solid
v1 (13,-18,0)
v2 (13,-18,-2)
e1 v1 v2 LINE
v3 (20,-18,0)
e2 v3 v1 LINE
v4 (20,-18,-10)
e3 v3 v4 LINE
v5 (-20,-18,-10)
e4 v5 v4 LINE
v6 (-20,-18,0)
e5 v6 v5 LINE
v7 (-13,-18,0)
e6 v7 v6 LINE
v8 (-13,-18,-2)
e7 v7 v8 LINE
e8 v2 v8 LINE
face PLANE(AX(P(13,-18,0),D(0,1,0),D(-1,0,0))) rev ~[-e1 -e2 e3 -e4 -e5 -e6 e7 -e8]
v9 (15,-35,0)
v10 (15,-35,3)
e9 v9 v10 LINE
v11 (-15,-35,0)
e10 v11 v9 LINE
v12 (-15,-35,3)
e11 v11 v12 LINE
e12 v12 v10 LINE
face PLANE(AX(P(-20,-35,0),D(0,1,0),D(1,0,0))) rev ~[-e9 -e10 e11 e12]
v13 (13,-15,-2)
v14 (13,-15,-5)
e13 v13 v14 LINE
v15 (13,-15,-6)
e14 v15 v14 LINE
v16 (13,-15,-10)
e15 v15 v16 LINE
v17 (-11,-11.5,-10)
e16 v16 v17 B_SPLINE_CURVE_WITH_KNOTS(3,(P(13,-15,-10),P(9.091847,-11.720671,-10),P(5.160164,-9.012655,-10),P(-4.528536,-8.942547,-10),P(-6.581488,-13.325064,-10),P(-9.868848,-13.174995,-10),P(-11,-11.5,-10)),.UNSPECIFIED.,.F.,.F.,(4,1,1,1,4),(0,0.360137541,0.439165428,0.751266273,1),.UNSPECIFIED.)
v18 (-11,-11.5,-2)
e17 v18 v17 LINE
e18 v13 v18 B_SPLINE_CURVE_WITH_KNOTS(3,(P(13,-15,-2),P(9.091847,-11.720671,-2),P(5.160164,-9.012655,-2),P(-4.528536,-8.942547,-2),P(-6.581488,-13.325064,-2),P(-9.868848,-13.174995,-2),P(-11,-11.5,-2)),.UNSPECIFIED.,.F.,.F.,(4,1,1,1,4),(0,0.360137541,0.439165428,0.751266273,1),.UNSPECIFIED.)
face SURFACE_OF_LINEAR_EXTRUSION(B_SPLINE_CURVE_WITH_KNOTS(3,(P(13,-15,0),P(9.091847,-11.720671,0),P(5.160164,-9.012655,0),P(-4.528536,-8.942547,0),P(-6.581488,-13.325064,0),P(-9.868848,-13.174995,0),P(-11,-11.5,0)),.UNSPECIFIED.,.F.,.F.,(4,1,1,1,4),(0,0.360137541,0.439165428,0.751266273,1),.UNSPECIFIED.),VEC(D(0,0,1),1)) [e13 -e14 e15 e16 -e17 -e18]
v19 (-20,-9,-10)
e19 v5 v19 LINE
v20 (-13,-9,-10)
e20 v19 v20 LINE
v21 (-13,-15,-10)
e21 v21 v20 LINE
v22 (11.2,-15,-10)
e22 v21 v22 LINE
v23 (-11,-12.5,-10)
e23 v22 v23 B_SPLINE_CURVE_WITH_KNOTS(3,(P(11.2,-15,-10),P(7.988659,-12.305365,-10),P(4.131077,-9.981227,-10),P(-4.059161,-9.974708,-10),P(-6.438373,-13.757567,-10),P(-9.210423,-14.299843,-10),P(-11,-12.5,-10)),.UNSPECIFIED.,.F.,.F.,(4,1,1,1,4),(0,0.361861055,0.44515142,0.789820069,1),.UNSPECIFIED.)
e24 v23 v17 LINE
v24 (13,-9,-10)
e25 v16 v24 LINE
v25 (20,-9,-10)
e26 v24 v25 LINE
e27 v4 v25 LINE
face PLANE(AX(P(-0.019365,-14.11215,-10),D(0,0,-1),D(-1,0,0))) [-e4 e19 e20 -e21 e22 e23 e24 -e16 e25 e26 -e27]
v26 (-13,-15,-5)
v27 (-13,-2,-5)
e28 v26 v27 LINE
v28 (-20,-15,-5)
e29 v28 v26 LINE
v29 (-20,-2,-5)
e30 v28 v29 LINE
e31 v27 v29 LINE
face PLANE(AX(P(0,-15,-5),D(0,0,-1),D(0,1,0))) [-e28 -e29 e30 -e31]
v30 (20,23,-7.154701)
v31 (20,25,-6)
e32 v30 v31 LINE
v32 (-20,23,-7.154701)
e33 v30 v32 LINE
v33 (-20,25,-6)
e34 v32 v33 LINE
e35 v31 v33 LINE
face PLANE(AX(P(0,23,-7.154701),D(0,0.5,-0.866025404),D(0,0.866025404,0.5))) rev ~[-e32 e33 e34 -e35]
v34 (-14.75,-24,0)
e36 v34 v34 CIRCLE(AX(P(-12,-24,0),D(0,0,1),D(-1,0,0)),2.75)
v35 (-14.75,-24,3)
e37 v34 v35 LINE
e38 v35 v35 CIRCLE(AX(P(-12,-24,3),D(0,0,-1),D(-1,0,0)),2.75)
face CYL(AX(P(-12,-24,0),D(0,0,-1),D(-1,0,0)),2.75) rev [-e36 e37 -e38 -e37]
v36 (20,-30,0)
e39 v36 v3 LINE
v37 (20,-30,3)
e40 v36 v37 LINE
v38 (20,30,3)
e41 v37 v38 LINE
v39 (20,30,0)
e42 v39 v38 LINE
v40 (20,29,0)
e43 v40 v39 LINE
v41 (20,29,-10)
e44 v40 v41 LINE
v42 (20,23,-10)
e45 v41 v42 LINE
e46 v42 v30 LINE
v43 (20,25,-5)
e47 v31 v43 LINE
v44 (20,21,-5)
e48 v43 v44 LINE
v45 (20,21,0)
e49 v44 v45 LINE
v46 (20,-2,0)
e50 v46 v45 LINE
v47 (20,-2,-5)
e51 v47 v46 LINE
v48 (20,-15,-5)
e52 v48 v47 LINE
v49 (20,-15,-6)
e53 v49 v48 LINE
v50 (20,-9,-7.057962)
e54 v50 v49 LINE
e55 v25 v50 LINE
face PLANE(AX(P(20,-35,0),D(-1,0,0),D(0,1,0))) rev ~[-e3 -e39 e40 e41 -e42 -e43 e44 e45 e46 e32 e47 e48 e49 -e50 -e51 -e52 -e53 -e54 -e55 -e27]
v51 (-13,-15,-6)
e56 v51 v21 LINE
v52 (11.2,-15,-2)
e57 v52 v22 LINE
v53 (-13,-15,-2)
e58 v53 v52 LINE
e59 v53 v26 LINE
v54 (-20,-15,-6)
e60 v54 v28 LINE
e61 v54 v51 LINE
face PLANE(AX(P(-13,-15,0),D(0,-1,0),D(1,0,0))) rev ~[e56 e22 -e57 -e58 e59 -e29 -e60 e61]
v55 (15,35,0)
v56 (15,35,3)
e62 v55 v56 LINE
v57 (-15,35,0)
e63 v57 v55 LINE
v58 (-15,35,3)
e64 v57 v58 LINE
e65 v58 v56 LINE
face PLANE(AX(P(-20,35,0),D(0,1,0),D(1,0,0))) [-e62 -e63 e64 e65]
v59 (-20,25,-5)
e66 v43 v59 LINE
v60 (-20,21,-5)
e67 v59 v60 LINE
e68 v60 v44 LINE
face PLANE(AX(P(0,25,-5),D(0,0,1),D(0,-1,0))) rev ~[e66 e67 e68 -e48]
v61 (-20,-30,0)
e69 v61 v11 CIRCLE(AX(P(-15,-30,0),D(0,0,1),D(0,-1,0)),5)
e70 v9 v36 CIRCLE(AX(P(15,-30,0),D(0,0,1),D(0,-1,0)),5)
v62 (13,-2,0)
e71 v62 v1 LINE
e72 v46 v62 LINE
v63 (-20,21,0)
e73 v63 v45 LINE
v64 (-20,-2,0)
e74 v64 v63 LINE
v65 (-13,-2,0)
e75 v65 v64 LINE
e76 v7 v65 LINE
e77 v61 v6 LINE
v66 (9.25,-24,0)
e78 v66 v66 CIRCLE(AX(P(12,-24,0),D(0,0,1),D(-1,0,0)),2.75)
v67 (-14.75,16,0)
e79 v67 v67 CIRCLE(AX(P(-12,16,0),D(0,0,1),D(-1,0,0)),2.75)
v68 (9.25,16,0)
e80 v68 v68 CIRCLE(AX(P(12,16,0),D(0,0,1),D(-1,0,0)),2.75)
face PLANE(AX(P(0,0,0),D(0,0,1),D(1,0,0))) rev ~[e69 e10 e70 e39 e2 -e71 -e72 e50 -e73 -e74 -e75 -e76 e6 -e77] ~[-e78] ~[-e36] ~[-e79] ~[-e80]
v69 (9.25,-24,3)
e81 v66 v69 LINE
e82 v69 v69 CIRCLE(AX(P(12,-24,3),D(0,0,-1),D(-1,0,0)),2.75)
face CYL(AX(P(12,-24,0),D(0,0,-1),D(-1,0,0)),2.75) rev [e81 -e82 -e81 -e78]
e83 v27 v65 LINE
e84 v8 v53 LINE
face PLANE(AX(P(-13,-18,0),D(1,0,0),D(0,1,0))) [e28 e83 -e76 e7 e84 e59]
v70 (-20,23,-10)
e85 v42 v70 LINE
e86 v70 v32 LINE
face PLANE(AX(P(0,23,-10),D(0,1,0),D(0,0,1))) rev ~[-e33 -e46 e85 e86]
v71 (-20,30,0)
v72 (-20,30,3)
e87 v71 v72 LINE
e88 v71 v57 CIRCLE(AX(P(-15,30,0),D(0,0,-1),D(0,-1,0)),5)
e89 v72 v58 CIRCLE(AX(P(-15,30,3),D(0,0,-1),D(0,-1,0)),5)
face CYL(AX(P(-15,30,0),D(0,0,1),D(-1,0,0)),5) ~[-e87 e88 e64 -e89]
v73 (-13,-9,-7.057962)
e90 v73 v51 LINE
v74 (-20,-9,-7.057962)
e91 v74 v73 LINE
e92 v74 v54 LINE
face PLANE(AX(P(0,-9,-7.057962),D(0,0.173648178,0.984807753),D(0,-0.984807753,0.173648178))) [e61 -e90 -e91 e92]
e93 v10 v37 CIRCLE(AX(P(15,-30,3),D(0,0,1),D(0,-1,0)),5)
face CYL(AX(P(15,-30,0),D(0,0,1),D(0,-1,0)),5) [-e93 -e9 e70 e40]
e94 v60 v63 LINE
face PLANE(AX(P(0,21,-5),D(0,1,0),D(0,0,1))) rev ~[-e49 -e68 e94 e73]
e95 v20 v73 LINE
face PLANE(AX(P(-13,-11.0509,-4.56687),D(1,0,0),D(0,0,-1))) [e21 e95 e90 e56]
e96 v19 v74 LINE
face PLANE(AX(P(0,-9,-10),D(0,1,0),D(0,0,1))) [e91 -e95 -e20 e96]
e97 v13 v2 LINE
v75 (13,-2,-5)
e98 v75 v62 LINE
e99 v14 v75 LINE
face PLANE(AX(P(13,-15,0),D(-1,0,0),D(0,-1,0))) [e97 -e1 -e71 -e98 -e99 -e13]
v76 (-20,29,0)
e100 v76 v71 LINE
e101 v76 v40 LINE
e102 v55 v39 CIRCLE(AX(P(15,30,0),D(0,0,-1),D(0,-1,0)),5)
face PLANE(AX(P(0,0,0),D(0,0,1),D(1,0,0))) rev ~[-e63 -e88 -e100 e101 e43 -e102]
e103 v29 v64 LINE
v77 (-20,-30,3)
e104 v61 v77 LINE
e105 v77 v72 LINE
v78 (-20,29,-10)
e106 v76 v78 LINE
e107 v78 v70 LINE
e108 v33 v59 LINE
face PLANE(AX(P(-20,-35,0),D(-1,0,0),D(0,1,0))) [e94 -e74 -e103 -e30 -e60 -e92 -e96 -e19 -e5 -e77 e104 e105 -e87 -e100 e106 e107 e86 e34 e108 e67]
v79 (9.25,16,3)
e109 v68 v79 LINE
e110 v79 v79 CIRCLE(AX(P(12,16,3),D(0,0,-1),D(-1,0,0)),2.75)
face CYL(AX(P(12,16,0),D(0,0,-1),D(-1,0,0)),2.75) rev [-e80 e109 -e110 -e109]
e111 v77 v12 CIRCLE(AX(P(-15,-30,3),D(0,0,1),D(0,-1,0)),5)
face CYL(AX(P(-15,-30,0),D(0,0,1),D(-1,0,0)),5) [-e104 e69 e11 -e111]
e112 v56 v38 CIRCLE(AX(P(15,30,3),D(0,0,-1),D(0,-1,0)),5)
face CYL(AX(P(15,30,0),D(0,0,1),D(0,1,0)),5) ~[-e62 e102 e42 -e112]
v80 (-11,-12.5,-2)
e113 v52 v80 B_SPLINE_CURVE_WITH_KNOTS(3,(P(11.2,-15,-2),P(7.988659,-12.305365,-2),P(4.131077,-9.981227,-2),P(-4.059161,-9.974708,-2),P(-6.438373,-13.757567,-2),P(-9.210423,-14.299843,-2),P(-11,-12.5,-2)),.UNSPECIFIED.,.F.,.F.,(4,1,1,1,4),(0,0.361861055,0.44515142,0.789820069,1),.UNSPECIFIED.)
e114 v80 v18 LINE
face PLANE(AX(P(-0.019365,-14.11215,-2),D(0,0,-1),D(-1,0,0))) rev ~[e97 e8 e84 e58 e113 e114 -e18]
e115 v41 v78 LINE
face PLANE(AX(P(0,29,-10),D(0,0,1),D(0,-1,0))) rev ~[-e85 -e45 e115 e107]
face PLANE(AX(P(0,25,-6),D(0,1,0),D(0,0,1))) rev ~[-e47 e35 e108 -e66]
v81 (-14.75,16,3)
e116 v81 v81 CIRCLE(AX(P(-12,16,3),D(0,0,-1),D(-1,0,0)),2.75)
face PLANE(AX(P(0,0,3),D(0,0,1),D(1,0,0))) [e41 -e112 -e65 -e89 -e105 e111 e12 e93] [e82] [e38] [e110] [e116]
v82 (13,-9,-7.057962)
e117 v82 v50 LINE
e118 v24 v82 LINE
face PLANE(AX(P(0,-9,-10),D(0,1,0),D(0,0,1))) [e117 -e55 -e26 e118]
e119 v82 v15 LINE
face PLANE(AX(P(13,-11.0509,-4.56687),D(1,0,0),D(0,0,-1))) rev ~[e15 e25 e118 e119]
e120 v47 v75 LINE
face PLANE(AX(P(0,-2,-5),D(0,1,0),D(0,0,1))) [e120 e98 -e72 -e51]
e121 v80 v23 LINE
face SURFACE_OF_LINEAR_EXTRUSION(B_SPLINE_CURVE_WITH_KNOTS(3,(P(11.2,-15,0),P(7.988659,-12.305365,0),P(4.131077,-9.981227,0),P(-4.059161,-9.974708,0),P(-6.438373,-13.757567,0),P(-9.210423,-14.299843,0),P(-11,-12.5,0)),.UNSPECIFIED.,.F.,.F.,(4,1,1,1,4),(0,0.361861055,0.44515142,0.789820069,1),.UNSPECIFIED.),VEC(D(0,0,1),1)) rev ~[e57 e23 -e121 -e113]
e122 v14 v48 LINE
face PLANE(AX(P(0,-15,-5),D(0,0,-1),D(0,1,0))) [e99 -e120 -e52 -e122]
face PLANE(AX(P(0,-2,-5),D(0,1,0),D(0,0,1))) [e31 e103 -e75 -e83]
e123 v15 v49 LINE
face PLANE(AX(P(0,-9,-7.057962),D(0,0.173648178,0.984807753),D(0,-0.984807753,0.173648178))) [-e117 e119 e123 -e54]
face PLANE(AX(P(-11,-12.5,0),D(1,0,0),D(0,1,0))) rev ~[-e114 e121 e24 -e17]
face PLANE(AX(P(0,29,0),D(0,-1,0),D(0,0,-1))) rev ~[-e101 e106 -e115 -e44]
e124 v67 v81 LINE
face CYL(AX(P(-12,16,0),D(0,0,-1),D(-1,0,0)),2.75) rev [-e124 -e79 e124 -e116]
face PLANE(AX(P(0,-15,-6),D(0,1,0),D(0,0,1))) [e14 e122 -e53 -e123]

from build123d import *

# Parameters (mm, degrees)
SKETCH1_W           = 40
SKETCH1_H           = 70
BOSS_EXTRUDE1_DEPTH = 3
BOSS_EXTRUDE2_DEPTH = 20
BOSS_EXTRUDE3_DEPTH = 20
CUT_EXTRUDE1_DEPTH  = 13
BOSS_EXTRUDE4_DEPTH = 10
FILLET1_R           = 5
CUT_EXTRUDE2_REACH  = 43.533
SKETCH5_R           = 2.75
CUT_EXTRUDE4_DEPTH  = 2


with BuildPart() as part:
    # Sketch1 → Boss-Extrude1 (new body)
    with BuildSketch(Plane.XY):
        Rectangle(SKETCH1_W, SKETCH1_H)
    extrude(amount=BOSS_EXTRUDE1_DEPTH)

    # Sketch2 → Boss-Extrude2 (add, symmetric)
    with BuildSketch(Plane(origin=(0, 0, 0), x_dir=(0, 0, -1), z_dir=(1, 0, 0))):
        Polygon((0, 29), (10, 29), (10, 23), (7.154700538, 23), (6, 25), (5, 25), (5, 21), (0, 21), align=None)
    extrude(amount=BOSS_EXTRUDE2_DEPTH, both=True)

    # Sketch3 → Boss-Extrude3 (add, symmetric)
    with BuildSketch(Plane(origin=(0, 0, 0), x_dir=(0, 0, -1), z_dir=(1, 0, 0))):
        Polygon((0, -18), (10, -18), (10, -9), (7.057961884, -9), (6, -15), (5, -15), (5, -2), (0, -2), align=None)
    extrude(amount=BOSS_EXTRUDE3_DEPTH, both=True)

    # Sketch3<2> → Cut-Extrude1 (cut, symmetric)
    with BuildSketch(Plane(origin=(0, 0, 0), x_dir=(0, 0, -1), z_dir=(1, 0, 0))):
        Polygon((0, -18), (10, -18), (10, -9), (7.057961884, -9), (6, -15), (5, -15), (5, -2), (0, -2), align=None)
    extrude(amount=CUT_EXTRUDE1_DEPTH, both=True, mode=Mode.SUBTRACT)

    # Sketch4 → Boss-Extrude4 (add)
    with BuildSketch(Plane.XY):
        with BuildLine():
            Line((13, -18), (-13, -18))
            Line((-13, -18), (-13, -15))
            Line((-13, -15), (11.2, -15))
            add(Edge.make_bspline(
                [(11.2, -15), (7.988659261, -12.305365171), (4.131076897, -9.981226783), (-4.059161179, -9.974707843), (-6.438372816, -13.757567443), (-9.210423341, -14.299843052), (-11, -12.5)],
                knots=[0, 0, 0, 0, 0.361861055, 0.44515142, 0.789820069, 1, 1, 1, 1], degree=3))
            Line((-11, -12.5), (-11, -11.5))
            add(Edge.make_bspline(
                [(13, -15), (9.091847393, -11.720670589), (5.160163517, -9.012654879), (-4.52853577, -8.942546967), (-6.581487755, -13.325064148), (-9.8688482, -13.174994697), (-11, -11.5)],
                knots=[0, 0, 0, 0, 0.360137541, 0.439165428, 0.751266273, 1, 1, 1, 1], degree=3))
            Line((13, -15), (13, -18))
        make_face()
    extrude(amount=-BOSS_EXTRUDE4_DEPTH)

    # Fillet1
    fillet1_edges = [part.edges().sort_by_distance(p)[0] for p in [
        (20, -35, 1.5),
        (-20, -35, 1.5),
        (-20, 35, 1.5),
        (20, 35, 1.5),
    ]]
    fillet(fillet1_edges, radius=FILLET1_R)

    # Sketch5 → Cut-Extrude2 (cut, up to next)
    with BuildSketch(Plane.XY, mode=Mode.PRIVATE) as cut_extrude2_sk1:
        with Locations((-12, 16)):
            Circle(SKETCH5_R)
    cut_extrude2_tool1 = extrude(cut_extrude2_sk1.sketch, amount=CUT_EXTRUDE2_REACH, mode=Mode.PRIVATE) & part.part
    # Sketch5 → Cut-Extrude2 (cut, up to next)
    with BuildSketch(Plane.XY, mode=Mode.PRIVATE) as cut_extrude2_sk2:
        with Locations((12, 16)):
            Circle(SKETCH5_R)
    cut_extrude2_tool2 = extrude(cut_extrude2_sk2.sketch, amount=CUT_EXTRUDE2_REACH, mode=Mode.PRIVATE) & part.part
    # Sketch5 → Cut-Extrude2 (cut, up to next)
    with BuildSketch(Plane.XY, mode=Mode.PRIVATE) as cut_extrude2_sk3:
        with Locations((-12, -24)):
            Circle(SKETCH5_R)
    cut_extrude2_tool3 = extrude(cut_extrude2_sk3.sketch, amount=CUT_EXTRUDE2_REACH, mode=Mode.PRIVATE) & part.part
    # Sketch5 → Cut-Extrude2 (cut, up to next)
    with BuildSketch(Plane.XY, mode=Mode.PRIVATE) as cut_extrude2_sk4:
        with Locations((12, -24)):
            Circle(SKETCH5_R)
    cut_extrude2_tool4 = extrude(cut_extrude2_sk4.sketch, amount=CUT_EXTRUDE2_REACH, mode=Mode.PRIVATE) & part.part
    add(cut_extrude2_tool1.solids().sort_by_distance((-12, 16, 0))[0], mode=Mode.SUBTRACT)
    add(cut_extrude2_tool2.solids().sort_by_distance((12, 16, 0))[0], mode=Mode.SUBTRACT)
    add(cut_extrude2_tool3.solids().sort_by_distance((-12, -24, 0))[0], mode=Mode.SUBTRACT)
    add(cut_extrude2_tool4.solids().sort_by_distance((12, -24, 0))[0], mode=Mode.SUBTRACT)

    # Sketch4<2> → Cut-Extrude4 (cut)
    with BuildSketch(Plane.XY):
        with BuildLine():
            Line((13, -18), (-13, -18))
            Line((-13, -18), (-13, -15))
            Line((-13, -15), (11.2, -15))
            add(Edge.make_bspline(
                [(11.2, -15), (7.988659261, -12.305365171), (4.131076897, -9.981226783), (-4.059161179, -9.974707843), (-6.438372816, -13.757567443), (-9.210423341, -14.299843052), (-11, -12.5)],
                knots=[0, 0, 0, 0, 0.361861055, 0.44515142, 0.789820069, 1, 1, 1, 1], degree=3))
            Line((-11, -12.5), (-11, -11.5))
            add(Edge.make_bspline(
                [(13, -15), (9.091847393, -11.720670589), (5.160163517, -9.012654879), (-4.52853577, -8.942546967), (-6.581487755, -13.325064148), (-9.8688482, -13.174994697), (-11, -11.5)],
                knots=[0, 0, 0, 0, 0.360137541, 0.439165428, 0.751266273, 1, 1, 1, 1], degree=3))
            Line((13, -15), (13, -18))
        make_face()
    extrude(amount=-CUT_EXTRUDE4_DEPTH, mode=Mode.SUBTRACT)


solid = part.part
